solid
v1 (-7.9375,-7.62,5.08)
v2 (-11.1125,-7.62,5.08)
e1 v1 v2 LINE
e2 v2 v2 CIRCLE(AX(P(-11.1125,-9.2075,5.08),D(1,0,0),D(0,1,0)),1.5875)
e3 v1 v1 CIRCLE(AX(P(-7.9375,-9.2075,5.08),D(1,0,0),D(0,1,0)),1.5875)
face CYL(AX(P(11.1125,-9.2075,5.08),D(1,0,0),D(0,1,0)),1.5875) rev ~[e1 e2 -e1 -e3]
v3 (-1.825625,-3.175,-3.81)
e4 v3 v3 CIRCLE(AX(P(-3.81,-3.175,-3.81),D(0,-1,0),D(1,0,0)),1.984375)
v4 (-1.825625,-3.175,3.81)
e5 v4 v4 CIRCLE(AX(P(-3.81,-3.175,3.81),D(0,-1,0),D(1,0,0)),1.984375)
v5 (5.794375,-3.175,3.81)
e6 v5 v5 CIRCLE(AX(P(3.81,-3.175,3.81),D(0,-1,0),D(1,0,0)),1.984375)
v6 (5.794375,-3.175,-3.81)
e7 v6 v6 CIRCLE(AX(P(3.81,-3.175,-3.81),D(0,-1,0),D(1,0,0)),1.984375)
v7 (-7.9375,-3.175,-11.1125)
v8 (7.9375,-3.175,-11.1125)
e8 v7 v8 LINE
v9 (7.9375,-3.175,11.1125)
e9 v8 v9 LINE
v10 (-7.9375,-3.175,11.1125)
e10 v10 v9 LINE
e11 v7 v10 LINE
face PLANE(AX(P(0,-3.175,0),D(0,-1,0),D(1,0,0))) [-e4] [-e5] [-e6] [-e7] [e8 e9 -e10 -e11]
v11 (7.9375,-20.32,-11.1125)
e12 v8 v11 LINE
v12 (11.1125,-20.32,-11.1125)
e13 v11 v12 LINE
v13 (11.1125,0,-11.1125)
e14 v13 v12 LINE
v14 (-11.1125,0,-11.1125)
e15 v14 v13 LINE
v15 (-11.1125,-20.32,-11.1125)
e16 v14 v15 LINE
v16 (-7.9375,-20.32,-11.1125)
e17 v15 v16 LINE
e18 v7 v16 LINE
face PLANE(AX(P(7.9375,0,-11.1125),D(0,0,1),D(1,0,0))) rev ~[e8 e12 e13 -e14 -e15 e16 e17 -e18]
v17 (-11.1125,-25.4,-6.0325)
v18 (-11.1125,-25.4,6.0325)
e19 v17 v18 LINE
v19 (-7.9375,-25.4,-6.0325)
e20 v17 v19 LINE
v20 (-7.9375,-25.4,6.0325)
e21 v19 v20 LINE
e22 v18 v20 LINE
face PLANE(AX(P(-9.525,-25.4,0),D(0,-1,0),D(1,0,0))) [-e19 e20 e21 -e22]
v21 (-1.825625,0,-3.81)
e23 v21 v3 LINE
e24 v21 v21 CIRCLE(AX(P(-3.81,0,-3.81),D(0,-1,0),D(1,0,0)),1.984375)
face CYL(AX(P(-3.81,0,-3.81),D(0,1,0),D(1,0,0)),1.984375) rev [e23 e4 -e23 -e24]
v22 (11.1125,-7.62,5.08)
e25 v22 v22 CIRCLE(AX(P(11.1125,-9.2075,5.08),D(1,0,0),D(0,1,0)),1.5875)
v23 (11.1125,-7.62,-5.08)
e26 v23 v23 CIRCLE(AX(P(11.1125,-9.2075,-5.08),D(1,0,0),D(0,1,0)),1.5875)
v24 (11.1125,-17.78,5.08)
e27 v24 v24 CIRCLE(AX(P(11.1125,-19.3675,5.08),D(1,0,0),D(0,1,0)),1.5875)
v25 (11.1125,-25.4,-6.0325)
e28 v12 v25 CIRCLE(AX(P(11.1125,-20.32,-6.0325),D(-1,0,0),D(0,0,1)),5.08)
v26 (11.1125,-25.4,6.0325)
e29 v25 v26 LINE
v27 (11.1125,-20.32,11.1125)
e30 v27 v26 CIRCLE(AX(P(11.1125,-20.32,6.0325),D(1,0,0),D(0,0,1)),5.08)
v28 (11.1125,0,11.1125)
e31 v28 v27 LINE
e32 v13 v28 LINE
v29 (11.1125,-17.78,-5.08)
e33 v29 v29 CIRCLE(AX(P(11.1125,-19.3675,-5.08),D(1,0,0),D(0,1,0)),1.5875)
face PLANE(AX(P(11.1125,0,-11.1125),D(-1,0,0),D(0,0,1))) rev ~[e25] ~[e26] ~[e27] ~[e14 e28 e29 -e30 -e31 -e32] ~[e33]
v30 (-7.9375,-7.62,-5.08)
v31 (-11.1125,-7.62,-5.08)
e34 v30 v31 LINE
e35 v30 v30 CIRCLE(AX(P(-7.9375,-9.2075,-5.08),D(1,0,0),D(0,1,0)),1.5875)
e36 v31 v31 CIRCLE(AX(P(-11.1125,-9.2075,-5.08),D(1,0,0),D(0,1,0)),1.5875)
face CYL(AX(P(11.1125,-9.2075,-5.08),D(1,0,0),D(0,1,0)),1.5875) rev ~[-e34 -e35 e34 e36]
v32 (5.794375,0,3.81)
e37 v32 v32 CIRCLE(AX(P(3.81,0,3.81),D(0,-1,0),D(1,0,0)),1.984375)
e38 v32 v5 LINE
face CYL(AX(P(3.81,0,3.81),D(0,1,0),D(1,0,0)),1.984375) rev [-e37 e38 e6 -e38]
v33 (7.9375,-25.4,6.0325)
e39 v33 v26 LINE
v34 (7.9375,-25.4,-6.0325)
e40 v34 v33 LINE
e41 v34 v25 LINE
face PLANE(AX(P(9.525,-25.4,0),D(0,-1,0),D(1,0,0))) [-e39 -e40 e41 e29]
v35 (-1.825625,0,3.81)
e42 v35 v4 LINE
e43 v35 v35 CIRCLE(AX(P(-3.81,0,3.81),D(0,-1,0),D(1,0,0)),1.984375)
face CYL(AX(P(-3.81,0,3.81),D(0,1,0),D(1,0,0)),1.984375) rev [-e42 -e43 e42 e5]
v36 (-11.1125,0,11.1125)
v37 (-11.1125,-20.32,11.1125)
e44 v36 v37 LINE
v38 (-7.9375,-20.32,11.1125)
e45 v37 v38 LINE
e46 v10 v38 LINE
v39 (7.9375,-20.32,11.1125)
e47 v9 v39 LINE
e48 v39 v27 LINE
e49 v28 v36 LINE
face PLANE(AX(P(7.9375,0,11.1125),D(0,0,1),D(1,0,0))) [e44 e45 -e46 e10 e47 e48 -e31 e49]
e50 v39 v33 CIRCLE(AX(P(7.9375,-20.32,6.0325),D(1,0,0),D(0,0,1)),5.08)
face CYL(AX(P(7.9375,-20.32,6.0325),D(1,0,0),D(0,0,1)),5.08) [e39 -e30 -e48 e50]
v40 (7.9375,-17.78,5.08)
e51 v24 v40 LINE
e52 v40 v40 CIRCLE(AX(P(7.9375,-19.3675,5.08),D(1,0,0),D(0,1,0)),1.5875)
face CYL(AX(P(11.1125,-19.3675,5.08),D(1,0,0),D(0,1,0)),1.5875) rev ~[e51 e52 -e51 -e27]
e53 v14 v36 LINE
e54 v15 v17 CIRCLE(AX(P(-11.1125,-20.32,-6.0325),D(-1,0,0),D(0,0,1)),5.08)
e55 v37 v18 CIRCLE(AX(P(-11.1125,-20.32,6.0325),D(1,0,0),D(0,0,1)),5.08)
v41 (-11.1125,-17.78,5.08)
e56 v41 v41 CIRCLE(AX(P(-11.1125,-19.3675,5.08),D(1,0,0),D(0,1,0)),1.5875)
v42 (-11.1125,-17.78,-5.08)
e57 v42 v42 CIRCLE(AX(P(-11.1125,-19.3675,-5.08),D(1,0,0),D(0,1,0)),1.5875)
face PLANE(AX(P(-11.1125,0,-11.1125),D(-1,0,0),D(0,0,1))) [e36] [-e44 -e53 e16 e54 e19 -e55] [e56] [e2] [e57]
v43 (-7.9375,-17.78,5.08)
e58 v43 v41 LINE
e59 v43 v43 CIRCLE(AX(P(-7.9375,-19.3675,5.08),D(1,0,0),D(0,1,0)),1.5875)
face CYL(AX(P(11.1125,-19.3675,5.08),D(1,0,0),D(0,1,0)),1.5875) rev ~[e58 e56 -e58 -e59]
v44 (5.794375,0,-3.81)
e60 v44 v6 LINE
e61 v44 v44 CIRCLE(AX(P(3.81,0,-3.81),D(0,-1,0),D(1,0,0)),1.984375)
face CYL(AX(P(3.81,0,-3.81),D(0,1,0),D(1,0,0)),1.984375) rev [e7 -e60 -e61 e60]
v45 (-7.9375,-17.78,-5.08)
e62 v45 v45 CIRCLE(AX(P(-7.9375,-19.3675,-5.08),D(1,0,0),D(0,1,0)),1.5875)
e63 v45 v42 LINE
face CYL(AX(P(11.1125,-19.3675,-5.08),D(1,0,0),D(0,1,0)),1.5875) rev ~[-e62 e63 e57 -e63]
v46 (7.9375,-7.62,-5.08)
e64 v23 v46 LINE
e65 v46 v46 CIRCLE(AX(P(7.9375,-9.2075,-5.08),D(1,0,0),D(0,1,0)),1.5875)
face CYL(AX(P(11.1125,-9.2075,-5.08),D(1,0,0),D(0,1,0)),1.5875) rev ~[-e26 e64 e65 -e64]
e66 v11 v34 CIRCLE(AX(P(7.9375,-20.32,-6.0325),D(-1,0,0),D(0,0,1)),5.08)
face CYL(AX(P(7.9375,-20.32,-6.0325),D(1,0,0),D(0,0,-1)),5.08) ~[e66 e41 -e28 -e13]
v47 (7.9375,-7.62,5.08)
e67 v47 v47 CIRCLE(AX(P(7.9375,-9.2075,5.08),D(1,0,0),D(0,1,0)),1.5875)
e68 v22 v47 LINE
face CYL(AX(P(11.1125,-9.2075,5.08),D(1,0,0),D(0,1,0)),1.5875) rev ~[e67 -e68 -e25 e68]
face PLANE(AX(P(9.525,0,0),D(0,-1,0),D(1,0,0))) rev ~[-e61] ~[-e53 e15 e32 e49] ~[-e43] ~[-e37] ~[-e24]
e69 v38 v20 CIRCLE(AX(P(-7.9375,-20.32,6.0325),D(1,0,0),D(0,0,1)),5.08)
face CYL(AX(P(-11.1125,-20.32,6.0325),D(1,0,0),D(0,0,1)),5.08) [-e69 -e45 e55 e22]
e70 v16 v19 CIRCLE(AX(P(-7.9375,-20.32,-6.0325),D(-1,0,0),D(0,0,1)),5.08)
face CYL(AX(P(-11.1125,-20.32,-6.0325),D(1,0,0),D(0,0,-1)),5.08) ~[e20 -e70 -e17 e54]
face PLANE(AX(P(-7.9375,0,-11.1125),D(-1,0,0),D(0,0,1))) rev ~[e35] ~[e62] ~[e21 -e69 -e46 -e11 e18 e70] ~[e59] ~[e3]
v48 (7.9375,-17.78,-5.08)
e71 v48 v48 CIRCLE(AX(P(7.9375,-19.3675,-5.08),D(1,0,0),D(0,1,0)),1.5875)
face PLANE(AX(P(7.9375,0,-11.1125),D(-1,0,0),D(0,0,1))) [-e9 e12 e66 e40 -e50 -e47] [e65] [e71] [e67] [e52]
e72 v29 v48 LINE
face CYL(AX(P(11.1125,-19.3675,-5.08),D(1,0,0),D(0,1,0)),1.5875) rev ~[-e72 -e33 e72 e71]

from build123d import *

# Parameters (mm, degrees)
F0_W     = 15.875
F0_H     = 22.225
F0_R     = 1.984375
F1_DEPTH = 3.175
F0_W_2   = 3.175
F2_DEPTH = 25.4
F3_R     = 1.5875
F4_DEPTH = 22.226
F5_R     = 5.08


with BuildPart() as f1:
    # F0 (on Front) → F1 (new body)
    with BuildSketch(Plane.XZ):
        Rectangle(F0_W, F0_H)
        with Locations((-3.81, -3.81)):
            Circle(F0_R, mode=Mode.SUBTRACT)
        with Locations((3.81, -3.81)):
            Circle(F0_R, mode=Mode.SUBTRACT)
        with Locations((-3.81, 3.81)):
            Circle(F0_R, mode=Mode.SUBTRACT)
        with Locations((3.81, 3.81)):
            Circle(F0_R, mode=Mode.SUBTRACT)
    extrude(amount=F1_DEPTH)

    # F0 (on Front) → F2 (join)
    with BuildSketch(Plane.XZ):
        with Locations((9.525, 0)):
            Rectangle(F0_W_2, F0_H)
        with Locations((-9.525, 0)):
            Rectangle(F0_W_2, F0_H)
    extrude(amount=F2_DEPTH)

    # F3 (on face) → F4 (cut, through all)
    with BuildSketch(Plane.YZ.offset(11.1125)):
        with Locations((-19.3675, 5.08)):
            Circle(F3_R)
        with Locations((-9.2075, 5.08)):
            Circle(F3_R)
        with Locations((-9.2075, -5.08)):
            Circle(F3_R)
        with Locations((-19.3675, -5.08)):
            Circle(F3_R)
    extrude(amount=-F4_DEPTH, mode=Mode.SUBTRACT)

    # F5
    f5_edges = [f1.edges().sort_by_distance(p)[0] for p in [
        (9.525, -25.4, 11.1125),
        (-9.525, -25.4, 11.1125),
        (9.525, -25.4, -11.1125),
        (-9.525, -25.4, -11.1125),
    ]]
    fillet(f5_edges, radius=F5_R)


solid = f1.part
